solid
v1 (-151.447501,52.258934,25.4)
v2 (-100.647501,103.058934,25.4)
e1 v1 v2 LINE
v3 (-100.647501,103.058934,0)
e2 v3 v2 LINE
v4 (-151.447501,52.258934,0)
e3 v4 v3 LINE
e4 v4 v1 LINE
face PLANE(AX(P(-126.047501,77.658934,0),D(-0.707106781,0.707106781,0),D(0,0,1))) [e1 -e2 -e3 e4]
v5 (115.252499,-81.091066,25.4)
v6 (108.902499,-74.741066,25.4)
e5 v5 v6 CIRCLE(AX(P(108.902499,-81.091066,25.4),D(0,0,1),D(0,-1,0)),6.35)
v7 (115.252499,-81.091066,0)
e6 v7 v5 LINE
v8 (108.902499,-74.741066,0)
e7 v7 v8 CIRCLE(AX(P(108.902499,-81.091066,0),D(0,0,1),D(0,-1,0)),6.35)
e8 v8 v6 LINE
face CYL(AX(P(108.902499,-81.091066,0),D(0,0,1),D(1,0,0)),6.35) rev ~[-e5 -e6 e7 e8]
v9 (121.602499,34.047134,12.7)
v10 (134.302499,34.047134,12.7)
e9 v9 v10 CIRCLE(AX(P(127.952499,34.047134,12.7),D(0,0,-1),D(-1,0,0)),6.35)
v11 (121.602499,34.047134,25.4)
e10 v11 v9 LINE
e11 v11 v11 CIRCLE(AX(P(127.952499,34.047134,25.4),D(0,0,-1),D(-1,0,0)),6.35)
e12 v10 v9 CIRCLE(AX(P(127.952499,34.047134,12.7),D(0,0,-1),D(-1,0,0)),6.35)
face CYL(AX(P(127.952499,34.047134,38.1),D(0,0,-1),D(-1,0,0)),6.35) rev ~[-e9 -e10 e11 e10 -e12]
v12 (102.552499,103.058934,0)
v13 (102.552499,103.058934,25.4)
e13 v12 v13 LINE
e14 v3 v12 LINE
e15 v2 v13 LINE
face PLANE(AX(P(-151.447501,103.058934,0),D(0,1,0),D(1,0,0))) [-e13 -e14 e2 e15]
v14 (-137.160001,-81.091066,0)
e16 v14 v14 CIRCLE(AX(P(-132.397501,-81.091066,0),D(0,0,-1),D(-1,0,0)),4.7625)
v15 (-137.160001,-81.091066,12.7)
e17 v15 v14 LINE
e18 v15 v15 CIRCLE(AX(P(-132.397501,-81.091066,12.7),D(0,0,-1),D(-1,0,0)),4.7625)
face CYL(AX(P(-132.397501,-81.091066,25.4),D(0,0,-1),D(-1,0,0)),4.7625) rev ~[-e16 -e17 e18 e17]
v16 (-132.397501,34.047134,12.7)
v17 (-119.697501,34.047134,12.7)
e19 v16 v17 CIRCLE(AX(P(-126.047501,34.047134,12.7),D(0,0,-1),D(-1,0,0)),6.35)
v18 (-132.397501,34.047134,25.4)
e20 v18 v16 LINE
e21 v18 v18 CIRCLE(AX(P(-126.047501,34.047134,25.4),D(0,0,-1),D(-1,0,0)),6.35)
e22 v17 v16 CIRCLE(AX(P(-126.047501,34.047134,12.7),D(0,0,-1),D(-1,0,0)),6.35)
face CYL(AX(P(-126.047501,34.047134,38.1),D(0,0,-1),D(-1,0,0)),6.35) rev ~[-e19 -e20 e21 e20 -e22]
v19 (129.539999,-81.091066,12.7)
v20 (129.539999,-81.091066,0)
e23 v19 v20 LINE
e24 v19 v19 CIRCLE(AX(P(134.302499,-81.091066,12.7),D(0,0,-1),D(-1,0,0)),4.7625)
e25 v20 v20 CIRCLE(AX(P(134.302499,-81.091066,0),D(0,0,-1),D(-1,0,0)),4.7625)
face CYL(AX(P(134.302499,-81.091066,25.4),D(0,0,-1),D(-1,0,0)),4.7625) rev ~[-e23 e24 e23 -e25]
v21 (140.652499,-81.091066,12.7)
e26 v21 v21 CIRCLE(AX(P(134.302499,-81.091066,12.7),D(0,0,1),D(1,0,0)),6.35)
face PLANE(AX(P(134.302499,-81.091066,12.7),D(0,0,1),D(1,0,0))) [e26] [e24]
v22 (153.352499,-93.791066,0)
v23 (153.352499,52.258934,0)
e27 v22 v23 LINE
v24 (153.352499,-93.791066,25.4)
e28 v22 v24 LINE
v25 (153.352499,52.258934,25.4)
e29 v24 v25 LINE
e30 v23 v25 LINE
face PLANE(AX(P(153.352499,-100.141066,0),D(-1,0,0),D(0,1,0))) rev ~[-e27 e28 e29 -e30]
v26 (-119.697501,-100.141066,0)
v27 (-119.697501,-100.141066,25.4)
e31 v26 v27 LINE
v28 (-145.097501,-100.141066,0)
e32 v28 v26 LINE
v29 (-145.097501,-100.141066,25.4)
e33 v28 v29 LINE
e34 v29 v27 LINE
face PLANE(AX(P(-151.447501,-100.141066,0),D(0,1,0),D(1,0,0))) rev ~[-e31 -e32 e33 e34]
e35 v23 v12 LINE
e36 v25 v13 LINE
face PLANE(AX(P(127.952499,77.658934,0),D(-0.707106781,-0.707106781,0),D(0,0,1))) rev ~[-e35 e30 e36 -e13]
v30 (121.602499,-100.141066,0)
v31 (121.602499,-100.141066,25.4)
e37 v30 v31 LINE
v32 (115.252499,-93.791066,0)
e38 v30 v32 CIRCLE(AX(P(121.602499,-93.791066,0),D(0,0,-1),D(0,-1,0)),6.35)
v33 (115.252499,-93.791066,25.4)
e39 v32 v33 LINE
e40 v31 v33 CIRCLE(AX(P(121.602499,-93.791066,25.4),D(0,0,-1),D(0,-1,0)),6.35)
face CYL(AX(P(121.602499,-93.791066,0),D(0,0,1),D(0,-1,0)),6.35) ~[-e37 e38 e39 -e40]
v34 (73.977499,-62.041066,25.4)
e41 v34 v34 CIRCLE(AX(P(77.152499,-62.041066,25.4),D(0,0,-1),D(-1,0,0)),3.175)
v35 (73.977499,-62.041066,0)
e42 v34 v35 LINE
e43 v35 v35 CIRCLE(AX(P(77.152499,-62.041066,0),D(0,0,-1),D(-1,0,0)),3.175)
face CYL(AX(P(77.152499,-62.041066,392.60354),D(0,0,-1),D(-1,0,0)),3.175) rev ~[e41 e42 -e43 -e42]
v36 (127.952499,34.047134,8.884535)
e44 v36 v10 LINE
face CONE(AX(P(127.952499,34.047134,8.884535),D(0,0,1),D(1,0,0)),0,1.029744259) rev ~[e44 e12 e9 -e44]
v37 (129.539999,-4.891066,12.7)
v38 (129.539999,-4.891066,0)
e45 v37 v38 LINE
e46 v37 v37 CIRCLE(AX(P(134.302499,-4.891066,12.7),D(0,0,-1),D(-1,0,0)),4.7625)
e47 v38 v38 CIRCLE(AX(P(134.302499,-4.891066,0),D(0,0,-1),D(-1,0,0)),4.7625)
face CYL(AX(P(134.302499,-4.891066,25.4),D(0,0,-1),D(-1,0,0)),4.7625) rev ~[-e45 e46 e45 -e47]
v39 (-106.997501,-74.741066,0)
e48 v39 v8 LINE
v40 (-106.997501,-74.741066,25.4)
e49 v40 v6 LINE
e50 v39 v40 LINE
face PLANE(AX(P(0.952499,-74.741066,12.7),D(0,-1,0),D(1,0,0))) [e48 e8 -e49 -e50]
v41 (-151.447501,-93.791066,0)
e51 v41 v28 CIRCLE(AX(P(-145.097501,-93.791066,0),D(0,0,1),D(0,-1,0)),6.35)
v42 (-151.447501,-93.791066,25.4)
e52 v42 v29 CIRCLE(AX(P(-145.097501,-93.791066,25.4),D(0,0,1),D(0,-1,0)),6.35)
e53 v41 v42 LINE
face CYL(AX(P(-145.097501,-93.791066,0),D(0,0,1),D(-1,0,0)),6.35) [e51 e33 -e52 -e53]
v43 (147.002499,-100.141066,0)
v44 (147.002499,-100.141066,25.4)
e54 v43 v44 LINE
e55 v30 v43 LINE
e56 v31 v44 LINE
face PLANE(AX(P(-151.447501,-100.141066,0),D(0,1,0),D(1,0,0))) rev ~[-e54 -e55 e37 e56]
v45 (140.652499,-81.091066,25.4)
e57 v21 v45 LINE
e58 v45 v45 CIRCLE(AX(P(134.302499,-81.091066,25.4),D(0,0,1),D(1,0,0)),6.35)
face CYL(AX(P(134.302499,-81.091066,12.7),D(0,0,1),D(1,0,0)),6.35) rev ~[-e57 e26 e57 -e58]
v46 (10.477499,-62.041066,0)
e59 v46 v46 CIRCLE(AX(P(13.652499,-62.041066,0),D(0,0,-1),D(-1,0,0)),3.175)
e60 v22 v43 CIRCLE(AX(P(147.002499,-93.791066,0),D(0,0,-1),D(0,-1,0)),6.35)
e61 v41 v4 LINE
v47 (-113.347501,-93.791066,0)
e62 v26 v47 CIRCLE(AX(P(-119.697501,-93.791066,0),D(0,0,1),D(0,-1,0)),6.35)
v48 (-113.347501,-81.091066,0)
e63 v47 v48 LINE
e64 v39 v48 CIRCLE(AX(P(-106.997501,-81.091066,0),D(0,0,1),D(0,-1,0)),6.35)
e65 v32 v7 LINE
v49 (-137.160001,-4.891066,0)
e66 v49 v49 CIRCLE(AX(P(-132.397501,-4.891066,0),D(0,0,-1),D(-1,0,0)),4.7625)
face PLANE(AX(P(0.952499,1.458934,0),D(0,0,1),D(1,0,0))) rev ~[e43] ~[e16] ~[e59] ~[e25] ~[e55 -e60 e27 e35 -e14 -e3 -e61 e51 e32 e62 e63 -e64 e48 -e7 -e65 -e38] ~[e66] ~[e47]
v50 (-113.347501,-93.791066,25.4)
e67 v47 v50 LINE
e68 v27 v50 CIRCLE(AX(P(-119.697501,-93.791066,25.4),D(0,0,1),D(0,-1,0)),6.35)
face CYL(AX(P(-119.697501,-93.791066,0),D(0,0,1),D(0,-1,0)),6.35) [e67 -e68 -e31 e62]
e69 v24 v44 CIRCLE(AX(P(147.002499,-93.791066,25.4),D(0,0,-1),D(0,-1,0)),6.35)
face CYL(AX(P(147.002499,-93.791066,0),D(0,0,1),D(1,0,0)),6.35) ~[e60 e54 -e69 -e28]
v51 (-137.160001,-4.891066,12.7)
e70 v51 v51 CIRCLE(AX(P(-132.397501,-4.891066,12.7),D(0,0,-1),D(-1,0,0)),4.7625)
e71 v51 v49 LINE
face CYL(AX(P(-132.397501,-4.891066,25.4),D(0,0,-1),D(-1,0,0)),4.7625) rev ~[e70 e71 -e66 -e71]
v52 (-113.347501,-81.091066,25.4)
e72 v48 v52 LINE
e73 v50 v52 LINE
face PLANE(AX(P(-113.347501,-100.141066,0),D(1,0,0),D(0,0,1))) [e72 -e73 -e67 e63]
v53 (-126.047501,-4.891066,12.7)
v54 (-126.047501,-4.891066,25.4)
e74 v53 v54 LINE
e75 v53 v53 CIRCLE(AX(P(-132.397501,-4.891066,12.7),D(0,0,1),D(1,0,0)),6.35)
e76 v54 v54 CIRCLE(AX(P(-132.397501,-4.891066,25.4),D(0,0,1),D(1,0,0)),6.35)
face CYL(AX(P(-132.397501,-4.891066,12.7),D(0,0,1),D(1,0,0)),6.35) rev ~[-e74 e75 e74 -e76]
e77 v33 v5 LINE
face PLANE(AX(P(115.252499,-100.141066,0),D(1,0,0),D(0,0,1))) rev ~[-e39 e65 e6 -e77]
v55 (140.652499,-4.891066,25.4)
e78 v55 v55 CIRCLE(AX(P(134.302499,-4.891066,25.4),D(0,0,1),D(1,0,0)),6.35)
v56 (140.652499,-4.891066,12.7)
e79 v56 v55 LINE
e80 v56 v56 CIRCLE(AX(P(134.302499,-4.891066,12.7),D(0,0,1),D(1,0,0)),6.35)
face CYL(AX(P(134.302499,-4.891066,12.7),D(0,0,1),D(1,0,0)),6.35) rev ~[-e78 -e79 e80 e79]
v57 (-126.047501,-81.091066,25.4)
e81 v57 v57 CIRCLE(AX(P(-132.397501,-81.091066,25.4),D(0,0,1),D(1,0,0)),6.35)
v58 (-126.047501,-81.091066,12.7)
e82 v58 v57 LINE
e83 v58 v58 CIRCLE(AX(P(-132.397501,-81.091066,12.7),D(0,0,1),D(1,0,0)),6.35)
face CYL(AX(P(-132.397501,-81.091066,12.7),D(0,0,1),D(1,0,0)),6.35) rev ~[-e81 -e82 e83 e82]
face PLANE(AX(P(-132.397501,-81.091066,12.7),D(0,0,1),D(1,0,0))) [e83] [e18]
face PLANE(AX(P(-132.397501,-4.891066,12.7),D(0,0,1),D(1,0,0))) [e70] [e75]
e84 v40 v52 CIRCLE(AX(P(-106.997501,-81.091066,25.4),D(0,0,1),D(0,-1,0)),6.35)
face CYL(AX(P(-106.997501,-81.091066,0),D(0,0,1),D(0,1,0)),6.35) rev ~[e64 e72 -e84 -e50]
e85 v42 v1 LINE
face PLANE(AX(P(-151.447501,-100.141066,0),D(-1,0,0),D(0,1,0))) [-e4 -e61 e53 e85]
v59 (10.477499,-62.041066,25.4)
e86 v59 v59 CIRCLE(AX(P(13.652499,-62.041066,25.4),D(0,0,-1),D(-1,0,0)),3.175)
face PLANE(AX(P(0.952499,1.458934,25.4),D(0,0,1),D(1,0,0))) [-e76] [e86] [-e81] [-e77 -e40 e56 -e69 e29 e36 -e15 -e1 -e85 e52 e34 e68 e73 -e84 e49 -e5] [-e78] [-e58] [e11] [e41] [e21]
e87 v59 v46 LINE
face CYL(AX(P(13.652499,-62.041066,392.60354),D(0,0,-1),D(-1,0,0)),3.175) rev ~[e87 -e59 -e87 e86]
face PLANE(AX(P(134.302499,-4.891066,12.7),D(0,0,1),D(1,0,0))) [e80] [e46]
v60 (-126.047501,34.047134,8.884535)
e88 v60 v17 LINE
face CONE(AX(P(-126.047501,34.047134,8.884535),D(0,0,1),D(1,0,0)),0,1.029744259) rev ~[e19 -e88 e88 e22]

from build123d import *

# Parameters (mm, degrees)
F0_W           = 304.8
F0_H           = 203.2
F1_DEPTH       = 25.4
F3_SIZE        = 50.8
F4_W           = 228.6
F4_H           = 25.4
F5_DEPTH       = 25.4
F6_R           = 6.35
F8_D           = 9.525
F8_CBORE_D     = 12.7
F8_CBORE_DEPTH = 12.7
F10_D          = 6.35
F12_D          = 12.7
F12_DEPTH      = 12.7
F12_TIP        = 3.8154649308


with BuildPart() as f1:
    # F0 (on Top) → F1 (new body)
    with BuildSketch(Plane.XY):
        with Locations((0.9524989873, 1.4589339421)):
            Rectangle(F0_W, F0_H)
    extrude(amount=F1_DEPTH)

    # F3
    f3_edges = [f1.edges().sort_by_distance(p)[0] for p in [
        (-151.447501, 103.058934, 12.7),
        (153.352499, 103.058934, 12.7),
    ]]
    chamfer(f3_edges, length=F3_SIZE)

    # F4 (on face) → F5 (cut)
    with BuildSketch(Plane.XZ.offset(100.1410660579)):
        with Locations((0.9524989873, 12.7)):
            Rectangle(F4_W, F4_H)
    extrude(amount=-F5_DEPTH, mode=Mode.SUBTRACT)

    # F6
    f6_edges = [f1.edges().sort_by_distance(p)[0] for p in [
        (-113.347501, -100.141066, 12.7),
        (-113.347501, -74.741066, 12.7),
        (115.252499, -74.741066, 12.7),
        (115.252499, -100.141066, 12.7),
        (153.352499, -100.141066, 12.7),
        (-151.447501, -100.141066, 12.7),
    ]]
    fillet(f6_edges, radius=F6_R)

    # F8 (through all)
    with Locations(Plane.XY.offset(25.4)):
        with Locations((-132.3975010127, -81.0910660579), (-132.3975010127, -4.8910660579), (134.3024989873, -4.8910660579), (134.3024989873, -81.0910660579)):
            CounterBoreHole(F8_D / 2, F8_CBORE_D / 2, F8_CBORE_DEPTH)

    # F10 (through all)
    with Locations(Plane.XY.offset(25.4)):
        with Locations((13.6524989873, -62.0410660579), (77.1524989873, -62.0410660579)):
            Hole(F10_D / 2)

    # F12
    with Locations(Plane.XY.offset(25.4)):
        with Locations((-126.0475010127, 34.0471339421), (127.9524989873, 34.0471339421)):
            Hole(F12_D / 2, depth=F12_DEPTH)
            with Locations((0, 0, -(F12_DEPTH + F12_TIP / 2))):  # 118° drill point
                Cone(0, F12_D / 2, F12_TIP, mode=Mode.SUBTRACT)


solid = f1.part
